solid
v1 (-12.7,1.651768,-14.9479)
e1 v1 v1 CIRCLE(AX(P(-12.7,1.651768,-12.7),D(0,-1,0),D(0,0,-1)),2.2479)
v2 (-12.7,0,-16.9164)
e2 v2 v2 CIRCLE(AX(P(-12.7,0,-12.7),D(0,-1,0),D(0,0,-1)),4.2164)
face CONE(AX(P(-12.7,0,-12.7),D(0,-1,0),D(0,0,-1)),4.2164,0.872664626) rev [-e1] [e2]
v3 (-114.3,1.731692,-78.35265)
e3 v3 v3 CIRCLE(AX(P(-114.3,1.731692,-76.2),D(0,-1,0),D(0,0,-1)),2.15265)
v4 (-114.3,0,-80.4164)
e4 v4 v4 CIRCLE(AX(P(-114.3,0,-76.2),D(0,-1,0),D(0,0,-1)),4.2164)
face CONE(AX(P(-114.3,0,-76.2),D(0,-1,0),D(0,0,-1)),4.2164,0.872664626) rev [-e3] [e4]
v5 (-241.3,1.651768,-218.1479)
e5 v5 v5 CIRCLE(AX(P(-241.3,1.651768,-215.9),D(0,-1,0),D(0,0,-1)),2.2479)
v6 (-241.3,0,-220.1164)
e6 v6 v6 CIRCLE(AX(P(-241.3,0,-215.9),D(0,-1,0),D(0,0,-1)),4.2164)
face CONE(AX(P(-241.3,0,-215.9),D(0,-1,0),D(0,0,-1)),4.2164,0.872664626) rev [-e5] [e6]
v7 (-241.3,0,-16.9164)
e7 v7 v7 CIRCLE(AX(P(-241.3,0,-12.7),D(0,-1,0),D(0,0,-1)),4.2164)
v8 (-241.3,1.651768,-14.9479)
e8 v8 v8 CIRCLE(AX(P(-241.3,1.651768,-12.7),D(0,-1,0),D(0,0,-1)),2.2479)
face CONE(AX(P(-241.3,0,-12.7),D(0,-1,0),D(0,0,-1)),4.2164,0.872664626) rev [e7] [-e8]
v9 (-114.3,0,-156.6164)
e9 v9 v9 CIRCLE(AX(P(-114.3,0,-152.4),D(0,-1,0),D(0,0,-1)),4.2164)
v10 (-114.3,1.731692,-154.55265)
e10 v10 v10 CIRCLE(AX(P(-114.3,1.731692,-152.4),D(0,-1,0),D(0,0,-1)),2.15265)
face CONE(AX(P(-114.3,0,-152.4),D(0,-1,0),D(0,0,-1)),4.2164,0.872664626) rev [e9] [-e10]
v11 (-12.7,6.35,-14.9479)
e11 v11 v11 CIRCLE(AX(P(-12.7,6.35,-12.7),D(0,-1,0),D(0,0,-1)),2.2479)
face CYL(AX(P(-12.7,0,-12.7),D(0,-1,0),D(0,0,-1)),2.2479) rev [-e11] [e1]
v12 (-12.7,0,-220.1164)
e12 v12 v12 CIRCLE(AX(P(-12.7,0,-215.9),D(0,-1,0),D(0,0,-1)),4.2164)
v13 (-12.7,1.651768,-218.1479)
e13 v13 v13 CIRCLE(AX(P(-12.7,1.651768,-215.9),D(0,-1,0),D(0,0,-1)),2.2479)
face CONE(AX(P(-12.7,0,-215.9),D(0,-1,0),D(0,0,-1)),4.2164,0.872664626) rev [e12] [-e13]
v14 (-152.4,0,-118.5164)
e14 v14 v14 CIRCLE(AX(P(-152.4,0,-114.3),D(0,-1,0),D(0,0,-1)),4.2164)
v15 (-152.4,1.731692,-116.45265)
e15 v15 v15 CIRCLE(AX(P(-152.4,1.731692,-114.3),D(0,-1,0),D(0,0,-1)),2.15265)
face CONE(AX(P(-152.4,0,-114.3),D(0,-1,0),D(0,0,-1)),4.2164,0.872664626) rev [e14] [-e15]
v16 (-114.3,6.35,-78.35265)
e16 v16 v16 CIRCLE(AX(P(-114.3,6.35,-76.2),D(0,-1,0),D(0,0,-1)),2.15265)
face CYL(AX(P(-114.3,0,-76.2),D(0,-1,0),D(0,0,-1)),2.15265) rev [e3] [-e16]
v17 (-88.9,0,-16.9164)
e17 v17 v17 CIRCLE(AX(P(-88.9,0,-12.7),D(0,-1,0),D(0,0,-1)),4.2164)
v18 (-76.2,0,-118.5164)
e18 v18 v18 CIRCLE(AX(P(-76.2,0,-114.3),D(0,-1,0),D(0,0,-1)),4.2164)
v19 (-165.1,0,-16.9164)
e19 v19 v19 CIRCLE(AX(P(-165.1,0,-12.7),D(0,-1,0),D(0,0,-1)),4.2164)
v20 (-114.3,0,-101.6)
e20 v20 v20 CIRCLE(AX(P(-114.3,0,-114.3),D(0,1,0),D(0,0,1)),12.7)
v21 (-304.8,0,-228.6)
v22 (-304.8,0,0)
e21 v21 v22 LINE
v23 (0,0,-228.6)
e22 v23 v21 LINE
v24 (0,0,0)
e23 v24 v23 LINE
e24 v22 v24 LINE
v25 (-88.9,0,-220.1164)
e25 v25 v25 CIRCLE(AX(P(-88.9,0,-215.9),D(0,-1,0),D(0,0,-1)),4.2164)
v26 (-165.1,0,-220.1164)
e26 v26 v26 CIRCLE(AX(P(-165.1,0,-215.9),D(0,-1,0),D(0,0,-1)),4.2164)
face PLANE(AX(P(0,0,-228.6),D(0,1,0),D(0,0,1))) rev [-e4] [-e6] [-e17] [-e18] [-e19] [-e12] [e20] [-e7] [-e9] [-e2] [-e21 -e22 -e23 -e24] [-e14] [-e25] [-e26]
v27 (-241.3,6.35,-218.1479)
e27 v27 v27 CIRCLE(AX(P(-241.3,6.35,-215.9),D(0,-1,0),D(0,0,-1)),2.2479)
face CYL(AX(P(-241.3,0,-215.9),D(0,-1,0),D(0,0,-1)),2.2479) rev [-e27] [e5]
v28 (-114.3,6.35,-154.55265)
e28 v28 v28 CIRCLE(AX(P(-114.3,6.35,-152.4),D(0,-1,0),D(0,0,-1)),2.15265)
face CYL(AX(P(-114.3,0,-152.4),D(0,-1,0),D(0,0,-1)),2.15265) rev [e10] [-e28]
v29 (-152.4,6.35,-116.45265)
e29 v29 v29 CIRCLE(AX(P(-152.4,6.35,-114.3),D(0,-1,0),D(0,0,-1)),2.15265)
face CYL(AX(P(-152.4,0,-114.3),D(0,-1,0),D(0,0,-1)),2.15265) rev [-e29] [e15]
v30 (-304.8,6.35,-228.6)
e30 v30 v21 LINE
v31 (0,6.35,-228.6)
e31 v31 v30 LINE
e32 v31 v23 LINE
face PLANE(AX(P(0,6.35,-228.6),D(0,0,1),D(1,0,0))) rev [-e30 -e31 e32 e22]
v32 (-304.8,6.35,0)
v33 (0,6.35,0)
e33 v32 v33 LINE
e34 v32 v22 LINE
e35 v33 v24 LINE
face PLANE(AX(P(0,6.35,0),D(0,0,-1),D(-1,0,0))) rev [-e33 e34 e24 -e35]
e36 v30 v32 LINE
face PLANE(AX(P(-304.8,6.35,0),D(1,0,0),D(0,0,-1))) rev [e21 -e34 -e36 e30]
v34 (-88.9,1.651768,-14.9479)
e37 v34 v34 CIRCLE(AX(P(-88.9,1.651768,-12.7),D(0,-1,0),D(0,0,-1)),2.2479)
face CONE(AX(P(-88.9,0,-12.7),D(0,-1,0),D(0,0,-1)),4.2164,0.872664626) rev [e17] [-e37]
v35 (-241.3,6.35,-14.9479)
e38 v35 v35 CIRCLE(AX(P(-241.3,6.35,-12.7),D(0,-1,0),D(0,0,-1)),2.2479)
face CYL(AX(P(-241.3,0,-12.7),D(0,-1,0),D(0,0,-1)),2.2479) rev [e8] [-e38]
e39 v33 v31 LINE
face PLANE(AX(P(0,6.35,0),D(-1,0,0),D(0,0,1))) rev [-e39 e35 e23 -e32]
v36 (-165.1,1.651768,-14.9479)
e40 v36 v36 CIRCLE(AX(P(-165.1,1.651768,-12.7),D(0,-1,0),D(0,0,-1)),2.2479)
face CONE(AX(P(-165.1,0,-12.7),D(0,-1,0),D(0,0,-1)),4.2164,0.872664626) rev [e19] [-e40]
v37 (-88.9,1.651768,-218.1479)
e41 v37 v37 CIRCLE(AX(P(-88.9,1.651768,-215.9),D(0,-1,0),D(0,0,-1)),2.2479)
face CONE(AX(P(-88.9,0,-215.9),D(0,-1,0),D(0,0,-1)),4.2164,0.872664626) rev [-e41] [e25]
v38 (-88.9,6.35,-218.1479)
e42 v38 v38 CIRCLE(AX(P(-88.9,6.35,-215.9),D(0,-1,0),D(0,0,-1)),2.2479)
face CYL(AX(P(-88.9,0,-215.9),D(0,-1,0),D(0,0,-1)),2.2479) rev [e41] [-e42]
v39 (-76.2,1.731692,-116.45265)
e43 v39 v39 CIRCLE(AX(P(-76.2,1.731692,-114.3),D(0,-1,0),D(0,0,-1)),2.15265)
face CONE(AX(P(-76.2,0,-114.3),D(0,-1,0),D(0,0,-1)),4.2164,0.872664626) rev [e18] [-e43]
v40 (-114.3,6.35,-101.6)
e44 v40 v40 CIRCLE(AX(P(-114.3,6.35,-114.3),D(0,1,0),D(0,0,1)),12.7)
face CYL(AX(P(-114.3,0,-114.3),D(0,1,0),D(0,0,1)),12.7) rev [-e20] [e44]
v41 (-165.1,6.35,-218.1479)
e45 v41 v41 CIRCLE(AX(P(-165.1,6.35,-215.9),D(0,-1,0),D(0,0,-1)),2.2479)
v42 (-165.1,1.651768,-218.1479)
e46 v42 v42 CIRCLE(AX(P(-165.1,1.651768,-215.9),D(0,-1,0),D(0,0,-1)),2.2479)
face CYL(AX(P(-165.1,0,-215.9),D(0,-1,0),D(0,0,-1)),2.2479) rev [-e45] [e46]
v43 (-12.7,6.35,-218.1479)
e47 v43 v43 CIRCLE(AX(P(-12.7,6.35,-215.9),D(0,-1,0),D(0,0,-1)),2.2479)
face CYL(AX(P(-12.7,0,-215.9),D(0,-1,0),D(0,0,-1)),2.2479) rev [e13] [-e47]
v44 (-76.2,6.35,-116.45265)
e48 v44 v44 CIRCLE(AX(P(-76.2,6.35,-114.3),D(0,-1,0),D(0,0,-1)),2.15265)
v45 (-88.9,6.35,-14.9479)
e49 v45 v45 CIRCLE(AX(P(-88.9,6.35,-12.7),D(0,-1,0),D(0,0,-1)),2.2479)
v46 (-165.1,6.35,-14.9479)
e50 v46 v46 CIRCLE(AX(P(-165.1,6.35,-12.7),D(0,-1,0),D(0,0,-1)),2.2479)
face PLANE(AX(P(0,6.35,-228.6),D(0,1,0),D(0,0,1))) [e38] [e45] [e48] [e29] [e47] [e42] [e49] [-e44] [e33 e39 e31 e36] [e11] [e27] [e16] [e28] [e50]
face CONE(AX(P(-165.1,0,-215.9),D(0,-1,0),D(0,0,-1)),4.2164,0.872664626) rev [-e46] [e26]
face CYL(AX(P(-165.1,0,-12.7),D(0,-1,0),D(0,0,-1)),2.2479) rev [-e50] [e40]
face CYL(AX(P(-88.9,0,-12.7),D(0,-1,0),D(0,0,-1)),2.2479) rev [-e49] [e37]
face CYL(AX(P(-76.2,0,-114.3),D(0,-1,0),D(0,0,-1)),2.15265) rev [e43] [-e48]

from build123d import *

# Parameters (mm, degrees)
SKETCH1_W                                         = 304.8
SKETCH1_H                                         = 228.6
BOSS_EXTRUDE1_DEPTH                               = 6.35
CSK_FOR_8_FLAT_HEAD_MACHINE_SCREW_100_D           = 4.3053
CSK_FOR_8_FLAT_HEAD_MACHINE_SCREW_100_CSINK_D     = 8.4328
CSK_FOR_8_FLAT_HEAD_MACHINE_SCREW_100_CSINK_ANGLE = 100
CIRPATTERN1_COUNT                                 = 4
SKETCH5_R                                         = 12.7
CUT_EXTRUDE1_DEPTH                                = 7.35
CSK_FOR_8_FLAT_HEAD_MACHINE_SCREW_2_D             = 4.4958
CSK_FOR_8_FLAT_HEAD_MACHINE_SCREW_2_CSINK_D       = 8.4328
CSK_FOR_8_FLAT_HEAD_MACHINE_SCREW_2_CSINK_ANGLE   = 100
LPATTERN1_COUNT                                   = 4
LPATTERN1_PITCH                                   = 76.2


with BuildPart() as part:
    # Sketch1 → Boss-Extrude1 (new body)
    with BuildSketch(Plane(origin=(0, 0, 0), x_dir=(1, 0, 0), z_dir=(0, 1, 0))):
        with Locations((-152.4, 114.3)):
            Rectangle(SKETCH1_W, SKETCH1_H)
    extrude(amount=BOSS_EXTRUDE1_DEPTH)

    # CSK for _8 Flat Head Machine Screw _100 (through all)
    with Locations(Plane.XZ):
        with Locations((-114.3, -76.2)):
            csk_for_8_flat_head_machine_screw_100 = CounterSinkHole(CSK_FOR_8_FLAT_HEAD_MACHINE_SCREW_100_D / 2, CSK_FOR_8_FLAT_HEAD_MACHINE_SCREW_100_CSINK_D / 2, counter_sink_angle=CSK_FOR_8_FLAT_HEAD_MACHINE_SCREW_100_CSINK_ANGLE)

    # CirPattern1: CSK for _8 Flat Head Machine Screw _100 ×4 about axis
    cirpattern1_axis = Axis((-114.3, 0, -114.3), (0, 1, 0))
    for i in range(1, CIRPATTERN1_COUNT):
        add(csk_for_8_flat_head_machine_screw_100.rotate(cirpattern1_axis, i * 360 / CIRPATTERN1_COUNT), mode=Mode.SUBTRACT)

    # Sketch5 → Cut-Extrude1 (cut, through all)
    with BuildSketch(Plane(origin=(0, 6.35, 0), x_dir=(-1, 0, 0), z_dir=(0, 1, 0))):
        with Locations(Location((114.3, -114.3, 0), (0, 0, 90))):  # turned: the seam where the file's is
            Circle(SKETCH5_R)
    extrude(amount=-CUT_EXTRUDE1_DEPTH, mode=Mode.SUBTRACT)

    # CSK for _8 Flat Head Machine Screw _ 2 (through all)
    with Locations(Plane.XZ):
        with Locations((-12.7, -12.7), (-12.7, -215.9)):
            csk_for_8_flat_head_machine_screw_2 = CounterSinkHole(CSK_FOR_8_FLAT_HEAD_MACHINE_SCREW_2_D / 2, CSK_FOR_8_FLAT_HEAD_MACHINE_SCREW_2_CSINK_D / 2, counter_sink_angle=CSK_FOR_8_FLAT_HEAD_MACHINE_SCREW_2_CSINK_ANGLE)

    # LPattern1: CSK for _8 Flat Head Machine Screw _ 2 ×4
    with Locations(*[(-i * LPATTERN1_PITCH, 0, 0) for i in range(1, LPATTERN1_COUNT)]):
        add(csk_for_8_flat_head_machine_screw_2, mode=Mode.SUBTRACT)


solid = part.part
